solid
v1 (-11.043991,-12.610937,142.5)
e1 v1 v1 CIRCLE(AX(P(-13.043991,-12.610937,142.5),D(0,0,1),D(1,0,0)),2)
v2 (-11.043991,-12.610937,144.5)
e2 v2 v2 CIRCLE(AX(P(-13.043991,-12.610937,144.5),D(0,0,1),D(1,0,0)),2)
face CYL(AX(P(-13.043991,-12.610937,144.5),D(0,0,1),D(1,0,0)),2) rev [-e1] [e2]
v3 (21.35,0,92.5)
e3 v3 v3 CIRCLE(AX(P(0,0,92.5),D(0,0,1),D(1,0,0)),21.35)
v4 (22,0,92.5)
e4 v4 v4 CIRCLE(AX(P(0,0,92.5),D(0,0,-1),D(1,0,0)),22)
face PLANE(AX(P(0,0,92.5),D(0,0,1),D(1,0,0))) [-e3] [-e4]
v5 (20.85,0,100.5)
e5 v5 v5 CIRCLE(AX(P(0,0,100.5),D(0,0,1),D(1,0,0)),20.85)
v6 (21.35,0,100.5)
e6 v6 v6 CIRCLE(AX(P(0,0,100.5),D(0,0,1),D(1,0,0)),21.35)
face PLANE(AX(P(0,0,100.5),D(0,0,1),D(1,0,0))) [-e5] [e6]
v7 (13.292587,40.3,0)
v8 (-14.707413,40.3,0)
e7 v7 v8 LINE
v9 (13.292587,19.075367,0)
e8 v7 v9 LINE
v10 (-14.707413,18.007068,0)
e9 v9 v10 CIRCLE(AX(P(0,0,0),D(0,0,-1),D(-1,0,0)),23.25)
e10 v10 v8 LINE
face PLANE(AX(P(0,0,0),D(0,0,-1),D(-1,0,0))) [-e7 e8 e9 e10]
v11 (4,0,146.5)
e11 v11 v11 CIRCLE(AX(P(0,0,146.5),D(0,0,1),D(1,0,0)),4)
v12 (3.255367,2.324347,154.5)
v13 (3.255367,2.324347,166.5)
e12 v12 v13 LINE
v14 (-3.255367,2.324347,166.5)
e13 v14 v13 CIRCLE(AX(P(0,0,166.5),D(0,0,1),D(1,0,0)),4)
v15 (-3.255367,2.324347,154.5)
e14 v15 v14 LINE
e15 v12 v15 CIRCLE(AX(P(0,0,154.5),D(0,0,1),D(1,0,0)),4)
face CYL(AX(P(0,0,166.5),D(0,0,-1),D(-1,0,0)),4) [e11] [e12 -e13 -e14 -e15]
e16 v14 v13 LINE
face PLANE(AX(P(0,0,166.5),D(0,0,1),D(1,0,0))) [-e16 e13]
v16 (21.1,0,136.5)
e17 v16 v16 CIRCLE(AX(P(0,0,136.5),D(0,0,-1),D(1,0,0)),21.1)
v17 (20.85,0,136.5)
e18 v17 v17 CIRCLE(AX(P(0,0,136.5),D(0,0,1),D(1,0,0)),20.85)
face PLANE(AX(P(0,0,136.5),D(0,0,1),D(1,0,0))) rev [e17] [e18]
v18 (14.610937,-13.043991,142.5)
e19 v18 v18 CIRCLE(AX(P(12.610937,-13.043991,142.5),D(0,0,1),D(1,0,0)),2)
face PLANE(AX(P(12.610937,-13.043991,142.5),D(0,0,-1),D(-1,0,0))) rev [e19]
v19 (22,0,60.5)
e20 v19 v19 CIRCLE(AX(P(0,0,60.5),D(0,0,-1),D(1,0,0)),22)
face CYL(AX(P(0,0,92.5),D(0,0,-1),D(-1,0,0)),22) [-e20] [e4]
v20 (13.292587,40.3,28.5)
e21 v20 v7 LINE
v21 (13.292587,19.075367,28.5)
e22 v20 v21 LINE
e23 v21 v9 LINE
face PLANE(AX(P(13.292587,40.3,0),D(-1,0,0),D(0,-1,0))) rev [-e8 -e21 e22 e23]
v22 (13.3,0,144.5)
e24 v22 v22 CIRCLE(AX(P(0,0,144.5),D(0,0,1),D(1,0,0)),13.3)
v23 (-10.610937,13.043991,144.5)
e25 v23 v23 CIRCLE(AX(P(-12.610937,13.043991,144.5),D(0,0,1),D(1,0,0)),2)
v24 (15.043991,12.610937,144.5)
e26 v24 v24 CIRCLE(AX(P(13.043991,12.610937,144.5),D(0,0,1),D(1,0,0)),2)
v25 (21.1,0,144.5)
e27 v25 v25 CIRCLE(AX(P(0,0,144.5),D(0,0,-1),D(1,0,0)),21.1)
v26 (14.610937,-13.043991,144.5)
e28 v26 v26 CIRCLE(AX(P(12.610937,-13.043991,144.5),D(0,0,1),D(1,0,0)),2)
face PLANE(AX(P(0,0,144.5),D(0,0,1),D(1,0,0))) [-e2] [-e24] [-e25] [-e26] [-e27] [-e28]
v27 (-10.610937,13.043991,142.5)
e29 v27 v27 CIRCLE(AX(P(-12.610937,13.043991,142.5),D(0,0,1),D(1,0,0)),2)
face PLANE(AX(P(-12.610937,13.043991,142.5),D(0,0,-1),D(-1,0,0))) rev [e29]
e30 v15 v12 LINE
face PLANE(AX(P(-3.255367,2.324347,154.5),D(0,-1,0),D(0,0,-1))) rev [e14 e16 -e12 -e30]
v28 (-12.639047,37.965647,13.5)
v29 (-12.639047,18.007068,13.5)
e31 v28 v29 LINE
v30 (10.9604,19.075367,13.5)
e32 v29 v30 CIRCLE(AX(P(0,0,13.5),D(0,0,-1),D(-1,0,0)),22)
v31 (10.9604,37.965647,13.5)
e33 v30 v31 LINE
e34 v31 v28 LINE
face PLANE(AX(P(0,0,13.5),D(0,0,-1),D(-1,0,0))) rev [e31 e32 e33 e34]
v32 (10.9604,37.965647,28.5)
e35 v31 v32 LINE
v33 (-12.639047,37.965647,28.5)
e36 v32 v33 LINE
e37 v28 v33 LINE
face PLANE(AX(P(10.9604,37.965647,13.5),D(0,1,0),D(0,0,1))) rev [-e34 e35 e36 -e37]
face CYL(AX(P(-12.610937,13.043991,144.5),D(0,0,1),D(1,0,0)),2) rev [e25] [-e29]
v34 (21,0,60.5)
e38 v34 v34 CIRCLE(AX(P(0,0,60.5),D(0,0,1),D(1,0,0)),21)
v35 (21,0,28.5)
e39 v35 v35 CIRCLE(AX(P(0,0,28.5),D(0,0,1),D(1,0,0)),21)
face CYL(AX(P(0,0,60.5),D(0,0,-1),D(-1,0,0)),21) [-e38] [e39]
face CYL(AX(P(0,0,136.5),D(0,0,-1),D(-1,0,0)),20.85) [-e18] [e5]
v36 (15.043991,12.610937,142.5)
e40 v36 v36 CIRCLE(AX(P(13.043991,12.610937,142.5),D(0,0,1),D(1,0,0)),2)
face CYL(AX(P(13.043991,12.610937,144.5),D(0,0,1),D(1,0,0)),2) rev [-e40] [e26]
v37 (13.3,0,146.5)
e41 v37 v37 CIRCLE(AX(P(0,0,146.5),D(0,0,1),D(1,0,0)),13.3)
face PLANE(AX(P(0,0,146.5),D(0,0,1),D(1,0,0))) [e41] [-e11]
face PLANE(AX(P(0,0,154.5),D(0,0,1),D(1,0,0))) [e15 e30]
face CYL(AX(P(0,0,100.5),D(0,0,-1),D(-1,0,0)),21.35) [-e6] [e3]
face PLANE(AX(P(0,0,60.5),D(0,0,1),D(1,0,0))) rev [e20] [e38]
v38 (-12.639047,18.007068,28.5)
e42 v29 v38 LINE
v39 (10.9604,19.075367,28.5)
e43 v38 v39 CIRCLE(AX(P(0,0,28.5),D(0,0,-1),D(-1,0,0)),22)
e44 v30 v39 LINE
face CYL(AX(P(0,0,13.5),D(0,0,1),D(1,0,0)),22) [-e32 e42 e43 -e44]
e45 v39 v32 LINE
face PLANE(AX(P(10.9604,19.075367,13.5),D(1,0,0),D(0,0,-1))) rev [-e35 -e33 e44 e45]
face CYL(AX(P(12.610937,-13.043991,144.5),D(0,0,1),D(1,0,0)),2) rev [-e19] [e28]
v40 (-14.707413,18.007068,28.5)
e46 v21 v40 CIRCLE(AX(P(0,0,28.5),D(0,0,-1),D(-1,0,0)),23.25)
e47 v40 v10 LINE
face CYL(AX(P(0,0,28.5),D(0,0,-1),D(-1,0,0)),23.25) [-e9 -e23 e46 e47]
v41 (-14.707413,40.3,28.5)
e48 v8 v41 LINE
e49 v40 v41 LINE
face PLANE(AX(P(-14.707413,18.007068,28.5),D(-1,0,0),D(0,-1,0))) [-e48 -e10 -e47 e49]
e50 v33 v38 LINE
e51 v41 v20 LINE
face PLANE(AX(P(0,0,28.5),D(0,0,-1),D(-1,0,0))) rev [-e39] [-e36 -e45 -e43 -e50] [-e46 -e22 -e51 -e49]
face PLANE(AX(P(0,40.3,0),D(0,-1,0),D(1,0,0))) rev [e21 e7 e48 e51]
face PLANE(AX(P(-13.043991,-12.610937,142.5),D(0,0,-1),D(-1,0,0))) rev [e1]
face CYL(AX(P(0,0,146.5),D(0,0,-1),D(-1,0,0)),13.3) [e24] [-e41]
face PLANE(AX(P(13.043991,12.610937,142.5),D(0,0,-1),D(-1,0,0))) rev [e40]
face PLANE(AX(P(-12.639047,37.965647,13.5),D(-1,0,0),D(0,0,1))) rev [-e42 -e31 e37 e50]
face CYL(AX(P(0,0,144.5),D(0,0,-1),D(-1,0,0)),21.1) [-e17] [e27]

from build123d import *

# Parameters (mm, degrees)
BOSS_EXTRUDE1_DEPTH          = 28.5
SKETCH2_R                    = 21
BOSS_EXTRUDE2_DEPTH          = 32
SKETCH3_R                    = 22
BOSS_EXTRUDE3_DEPTH          = 32
SKETCH4_R                    = 21.35
BOSS_EXTRUDE4_DEPTH          = 8
SKETCH5_R                    = 20.85
BOSS_EXTRUDE5_DEPTH          = 36
SKETCH6_W                    = 28
SKETCH6_H                    = 28.5
BOSS_EXTRUDE6_DEPTH          = 21.22463282
SKETCH7_R                    = 21.1
BOSS_EXTRUDE7_DEPTH          = 8
SKETCH8_R                    = 13.3
BOSS_EXTRUDE8_DEPTH          = 2
SKETCH9_R                    = 4
BOSS_EXTRUDE9_DEPTH          = 20
CUT_EXTRUDE1_DEPTH           = 12
CUT_EXTRUDE2_DEPTH           = 15
F_4_0_4_DIAMETER_HOLE1_D     = 4
F_4_0_4_DIAMETER_HOLE1_DEPTH = 2


with BuildPart() as part:
    # Sketch1 → Boss-Extrude1 (new body)
    with BuildSketch(Plane(origin=(0, 0, 0), x_dir=(-1, 0, 0), z_dir=(0, 0, -1))):
        with BuildLine():
            Line((14.707413083, 18.007068068), (14.707413083, 19.07536718))
            Line((14.707413083, 19.07536718), (-13.292586917, 19.07536718))
            ThreePointArc((-13.292586917, 19.07536718), (-0.886424853, -23.233096027), (14.707413083, 18.007068068))
        make_face()
    extrude(amount=-BOSS_EXTRUDE1_DEPTH)

    # Sketch2 → Boss-Extrude2 (add)
    with BuildSketch(Plane.XY.offset(28.5)):
        Circle(SKETCH2_R)
    extrude(amount=BOSS_EXTRUDE2_DEPTH)

    # Sketch3 → Boss-Extrude3 (add)
    with BuildSketch(Plane(origin=(0, 0, 60.5), x_dir=(-1, 0, 0), z_dir=(0, 0, -1))):
        Circle(SKETCH3_R)
    extrude(amount=-BOSS_EXTRUDE3_DEPTH)

    # Sketch4 → Boss-Extrude4 (add)
    with BuildSketch(Plane.XY.offset(92.5)):
        Circle(SKETCH4_R)
    extrude(amount=BOSS_EXTRUDE4_DEPTH)

    # Sketch5 → Boss-Extrude5 (add)
    with BuildSketch(Plane.XY.offset(100.5)):
        Circle(SKETCH5_R)
    extrude(amount=BOSS_EXTRUDE5_DEPTH)

    # Sketch6 → Boss-Extrude6 (add)
    with BuildSketch(Plane(origin=(0, 19.07536718, 0), x_dir=(-1, 0, 0), z_dir=(0, 1, 0))):
        with Locations((0.707413083, 14.25)):
            Rectangle(SKETCH6_W, SKETCH6_H)
    extrude(amount=BOSS_EXTRUDE6_DEPTH)

    # Sketch7 → Boss-Extrude7 (add)
    with BuildSketch(Plane(origin=(0, 0, 136.5), x_dir=(-1, 0, 0), z_dir=(0, 0, -1))):
        Circle(SKETCH7_R)
    extrude(amount=-BOSS_EXTRUDE7_DEPTH)

    # Sketch8 → Boss-Extrude8 (add)
    with BuildSketch(Plane.XY.offset(144.5)):
        Circle(SKETCH8_R)
    extrude(amount=BOSS_EXTRUDE8_DEPTH)

    # Sketch9 → Boss-Extrude9 (add)
    with BuildSketch(Plane.XY.offset(146.5)):
        Circle(SKETCH9_R)
    extrude(amount=BOSS_EXTRUDE9_DEPTH)

    # Sketch10 → Cut-Extrude1 (cut)
    with BuildSketch(Plane.XY.offset(166.5)):
        with BuildLine():
            Line((-3.255366619, 2.324346828), (3.255366619, 2.324346828))
            ThreePointArc((3.255366619, 2.324346828), (0, 4), (-3.255366619, 2.324346828))
        make_face()
    extrude(amount=-CUT_EXTRUDE1_DEPTH, mode=Mode.SUBTRACT)

    # Sketch11 → Cut-Extrude2 (cut)
    with BuildSketch(Plane.XY.offset(28.5)):
        with BuildLine():
            Line((10.960399944, 19.07536718), (10.960399944, 37.965647442))
            Line((10.960399944, 37.965647442), (-12.639046626, 37.965647442))
            Line((-12.639046626, 37.965647442), (-12.639046626, 18.007068068))
            ThreePointArc((-12.639046626, 18.007068068), (-0.994876585, 21.977493501), (10.960399944, 19.07536718))
        make_face()
    extrude(amount=-CUT_EXTRUDE2_DEPTH, mode=Mode.SUBTRACT)

    # Ø4.0 (4) Diameter Hole1
    with Locations(Plane.XY.offset(144.5)):
        with Locations((-13.043990964, -12.610936722), (12.610936722, -13.043990964), (13.043990964, 12.610936722), (-12.610936722, 13.043990964)):
            Hole(F_4_0_4_DIAMETER_HOLE1_D / 2, depth=F_4_0_4_DIAMETER_HOLE1_DEPTH)


solid = part.part
